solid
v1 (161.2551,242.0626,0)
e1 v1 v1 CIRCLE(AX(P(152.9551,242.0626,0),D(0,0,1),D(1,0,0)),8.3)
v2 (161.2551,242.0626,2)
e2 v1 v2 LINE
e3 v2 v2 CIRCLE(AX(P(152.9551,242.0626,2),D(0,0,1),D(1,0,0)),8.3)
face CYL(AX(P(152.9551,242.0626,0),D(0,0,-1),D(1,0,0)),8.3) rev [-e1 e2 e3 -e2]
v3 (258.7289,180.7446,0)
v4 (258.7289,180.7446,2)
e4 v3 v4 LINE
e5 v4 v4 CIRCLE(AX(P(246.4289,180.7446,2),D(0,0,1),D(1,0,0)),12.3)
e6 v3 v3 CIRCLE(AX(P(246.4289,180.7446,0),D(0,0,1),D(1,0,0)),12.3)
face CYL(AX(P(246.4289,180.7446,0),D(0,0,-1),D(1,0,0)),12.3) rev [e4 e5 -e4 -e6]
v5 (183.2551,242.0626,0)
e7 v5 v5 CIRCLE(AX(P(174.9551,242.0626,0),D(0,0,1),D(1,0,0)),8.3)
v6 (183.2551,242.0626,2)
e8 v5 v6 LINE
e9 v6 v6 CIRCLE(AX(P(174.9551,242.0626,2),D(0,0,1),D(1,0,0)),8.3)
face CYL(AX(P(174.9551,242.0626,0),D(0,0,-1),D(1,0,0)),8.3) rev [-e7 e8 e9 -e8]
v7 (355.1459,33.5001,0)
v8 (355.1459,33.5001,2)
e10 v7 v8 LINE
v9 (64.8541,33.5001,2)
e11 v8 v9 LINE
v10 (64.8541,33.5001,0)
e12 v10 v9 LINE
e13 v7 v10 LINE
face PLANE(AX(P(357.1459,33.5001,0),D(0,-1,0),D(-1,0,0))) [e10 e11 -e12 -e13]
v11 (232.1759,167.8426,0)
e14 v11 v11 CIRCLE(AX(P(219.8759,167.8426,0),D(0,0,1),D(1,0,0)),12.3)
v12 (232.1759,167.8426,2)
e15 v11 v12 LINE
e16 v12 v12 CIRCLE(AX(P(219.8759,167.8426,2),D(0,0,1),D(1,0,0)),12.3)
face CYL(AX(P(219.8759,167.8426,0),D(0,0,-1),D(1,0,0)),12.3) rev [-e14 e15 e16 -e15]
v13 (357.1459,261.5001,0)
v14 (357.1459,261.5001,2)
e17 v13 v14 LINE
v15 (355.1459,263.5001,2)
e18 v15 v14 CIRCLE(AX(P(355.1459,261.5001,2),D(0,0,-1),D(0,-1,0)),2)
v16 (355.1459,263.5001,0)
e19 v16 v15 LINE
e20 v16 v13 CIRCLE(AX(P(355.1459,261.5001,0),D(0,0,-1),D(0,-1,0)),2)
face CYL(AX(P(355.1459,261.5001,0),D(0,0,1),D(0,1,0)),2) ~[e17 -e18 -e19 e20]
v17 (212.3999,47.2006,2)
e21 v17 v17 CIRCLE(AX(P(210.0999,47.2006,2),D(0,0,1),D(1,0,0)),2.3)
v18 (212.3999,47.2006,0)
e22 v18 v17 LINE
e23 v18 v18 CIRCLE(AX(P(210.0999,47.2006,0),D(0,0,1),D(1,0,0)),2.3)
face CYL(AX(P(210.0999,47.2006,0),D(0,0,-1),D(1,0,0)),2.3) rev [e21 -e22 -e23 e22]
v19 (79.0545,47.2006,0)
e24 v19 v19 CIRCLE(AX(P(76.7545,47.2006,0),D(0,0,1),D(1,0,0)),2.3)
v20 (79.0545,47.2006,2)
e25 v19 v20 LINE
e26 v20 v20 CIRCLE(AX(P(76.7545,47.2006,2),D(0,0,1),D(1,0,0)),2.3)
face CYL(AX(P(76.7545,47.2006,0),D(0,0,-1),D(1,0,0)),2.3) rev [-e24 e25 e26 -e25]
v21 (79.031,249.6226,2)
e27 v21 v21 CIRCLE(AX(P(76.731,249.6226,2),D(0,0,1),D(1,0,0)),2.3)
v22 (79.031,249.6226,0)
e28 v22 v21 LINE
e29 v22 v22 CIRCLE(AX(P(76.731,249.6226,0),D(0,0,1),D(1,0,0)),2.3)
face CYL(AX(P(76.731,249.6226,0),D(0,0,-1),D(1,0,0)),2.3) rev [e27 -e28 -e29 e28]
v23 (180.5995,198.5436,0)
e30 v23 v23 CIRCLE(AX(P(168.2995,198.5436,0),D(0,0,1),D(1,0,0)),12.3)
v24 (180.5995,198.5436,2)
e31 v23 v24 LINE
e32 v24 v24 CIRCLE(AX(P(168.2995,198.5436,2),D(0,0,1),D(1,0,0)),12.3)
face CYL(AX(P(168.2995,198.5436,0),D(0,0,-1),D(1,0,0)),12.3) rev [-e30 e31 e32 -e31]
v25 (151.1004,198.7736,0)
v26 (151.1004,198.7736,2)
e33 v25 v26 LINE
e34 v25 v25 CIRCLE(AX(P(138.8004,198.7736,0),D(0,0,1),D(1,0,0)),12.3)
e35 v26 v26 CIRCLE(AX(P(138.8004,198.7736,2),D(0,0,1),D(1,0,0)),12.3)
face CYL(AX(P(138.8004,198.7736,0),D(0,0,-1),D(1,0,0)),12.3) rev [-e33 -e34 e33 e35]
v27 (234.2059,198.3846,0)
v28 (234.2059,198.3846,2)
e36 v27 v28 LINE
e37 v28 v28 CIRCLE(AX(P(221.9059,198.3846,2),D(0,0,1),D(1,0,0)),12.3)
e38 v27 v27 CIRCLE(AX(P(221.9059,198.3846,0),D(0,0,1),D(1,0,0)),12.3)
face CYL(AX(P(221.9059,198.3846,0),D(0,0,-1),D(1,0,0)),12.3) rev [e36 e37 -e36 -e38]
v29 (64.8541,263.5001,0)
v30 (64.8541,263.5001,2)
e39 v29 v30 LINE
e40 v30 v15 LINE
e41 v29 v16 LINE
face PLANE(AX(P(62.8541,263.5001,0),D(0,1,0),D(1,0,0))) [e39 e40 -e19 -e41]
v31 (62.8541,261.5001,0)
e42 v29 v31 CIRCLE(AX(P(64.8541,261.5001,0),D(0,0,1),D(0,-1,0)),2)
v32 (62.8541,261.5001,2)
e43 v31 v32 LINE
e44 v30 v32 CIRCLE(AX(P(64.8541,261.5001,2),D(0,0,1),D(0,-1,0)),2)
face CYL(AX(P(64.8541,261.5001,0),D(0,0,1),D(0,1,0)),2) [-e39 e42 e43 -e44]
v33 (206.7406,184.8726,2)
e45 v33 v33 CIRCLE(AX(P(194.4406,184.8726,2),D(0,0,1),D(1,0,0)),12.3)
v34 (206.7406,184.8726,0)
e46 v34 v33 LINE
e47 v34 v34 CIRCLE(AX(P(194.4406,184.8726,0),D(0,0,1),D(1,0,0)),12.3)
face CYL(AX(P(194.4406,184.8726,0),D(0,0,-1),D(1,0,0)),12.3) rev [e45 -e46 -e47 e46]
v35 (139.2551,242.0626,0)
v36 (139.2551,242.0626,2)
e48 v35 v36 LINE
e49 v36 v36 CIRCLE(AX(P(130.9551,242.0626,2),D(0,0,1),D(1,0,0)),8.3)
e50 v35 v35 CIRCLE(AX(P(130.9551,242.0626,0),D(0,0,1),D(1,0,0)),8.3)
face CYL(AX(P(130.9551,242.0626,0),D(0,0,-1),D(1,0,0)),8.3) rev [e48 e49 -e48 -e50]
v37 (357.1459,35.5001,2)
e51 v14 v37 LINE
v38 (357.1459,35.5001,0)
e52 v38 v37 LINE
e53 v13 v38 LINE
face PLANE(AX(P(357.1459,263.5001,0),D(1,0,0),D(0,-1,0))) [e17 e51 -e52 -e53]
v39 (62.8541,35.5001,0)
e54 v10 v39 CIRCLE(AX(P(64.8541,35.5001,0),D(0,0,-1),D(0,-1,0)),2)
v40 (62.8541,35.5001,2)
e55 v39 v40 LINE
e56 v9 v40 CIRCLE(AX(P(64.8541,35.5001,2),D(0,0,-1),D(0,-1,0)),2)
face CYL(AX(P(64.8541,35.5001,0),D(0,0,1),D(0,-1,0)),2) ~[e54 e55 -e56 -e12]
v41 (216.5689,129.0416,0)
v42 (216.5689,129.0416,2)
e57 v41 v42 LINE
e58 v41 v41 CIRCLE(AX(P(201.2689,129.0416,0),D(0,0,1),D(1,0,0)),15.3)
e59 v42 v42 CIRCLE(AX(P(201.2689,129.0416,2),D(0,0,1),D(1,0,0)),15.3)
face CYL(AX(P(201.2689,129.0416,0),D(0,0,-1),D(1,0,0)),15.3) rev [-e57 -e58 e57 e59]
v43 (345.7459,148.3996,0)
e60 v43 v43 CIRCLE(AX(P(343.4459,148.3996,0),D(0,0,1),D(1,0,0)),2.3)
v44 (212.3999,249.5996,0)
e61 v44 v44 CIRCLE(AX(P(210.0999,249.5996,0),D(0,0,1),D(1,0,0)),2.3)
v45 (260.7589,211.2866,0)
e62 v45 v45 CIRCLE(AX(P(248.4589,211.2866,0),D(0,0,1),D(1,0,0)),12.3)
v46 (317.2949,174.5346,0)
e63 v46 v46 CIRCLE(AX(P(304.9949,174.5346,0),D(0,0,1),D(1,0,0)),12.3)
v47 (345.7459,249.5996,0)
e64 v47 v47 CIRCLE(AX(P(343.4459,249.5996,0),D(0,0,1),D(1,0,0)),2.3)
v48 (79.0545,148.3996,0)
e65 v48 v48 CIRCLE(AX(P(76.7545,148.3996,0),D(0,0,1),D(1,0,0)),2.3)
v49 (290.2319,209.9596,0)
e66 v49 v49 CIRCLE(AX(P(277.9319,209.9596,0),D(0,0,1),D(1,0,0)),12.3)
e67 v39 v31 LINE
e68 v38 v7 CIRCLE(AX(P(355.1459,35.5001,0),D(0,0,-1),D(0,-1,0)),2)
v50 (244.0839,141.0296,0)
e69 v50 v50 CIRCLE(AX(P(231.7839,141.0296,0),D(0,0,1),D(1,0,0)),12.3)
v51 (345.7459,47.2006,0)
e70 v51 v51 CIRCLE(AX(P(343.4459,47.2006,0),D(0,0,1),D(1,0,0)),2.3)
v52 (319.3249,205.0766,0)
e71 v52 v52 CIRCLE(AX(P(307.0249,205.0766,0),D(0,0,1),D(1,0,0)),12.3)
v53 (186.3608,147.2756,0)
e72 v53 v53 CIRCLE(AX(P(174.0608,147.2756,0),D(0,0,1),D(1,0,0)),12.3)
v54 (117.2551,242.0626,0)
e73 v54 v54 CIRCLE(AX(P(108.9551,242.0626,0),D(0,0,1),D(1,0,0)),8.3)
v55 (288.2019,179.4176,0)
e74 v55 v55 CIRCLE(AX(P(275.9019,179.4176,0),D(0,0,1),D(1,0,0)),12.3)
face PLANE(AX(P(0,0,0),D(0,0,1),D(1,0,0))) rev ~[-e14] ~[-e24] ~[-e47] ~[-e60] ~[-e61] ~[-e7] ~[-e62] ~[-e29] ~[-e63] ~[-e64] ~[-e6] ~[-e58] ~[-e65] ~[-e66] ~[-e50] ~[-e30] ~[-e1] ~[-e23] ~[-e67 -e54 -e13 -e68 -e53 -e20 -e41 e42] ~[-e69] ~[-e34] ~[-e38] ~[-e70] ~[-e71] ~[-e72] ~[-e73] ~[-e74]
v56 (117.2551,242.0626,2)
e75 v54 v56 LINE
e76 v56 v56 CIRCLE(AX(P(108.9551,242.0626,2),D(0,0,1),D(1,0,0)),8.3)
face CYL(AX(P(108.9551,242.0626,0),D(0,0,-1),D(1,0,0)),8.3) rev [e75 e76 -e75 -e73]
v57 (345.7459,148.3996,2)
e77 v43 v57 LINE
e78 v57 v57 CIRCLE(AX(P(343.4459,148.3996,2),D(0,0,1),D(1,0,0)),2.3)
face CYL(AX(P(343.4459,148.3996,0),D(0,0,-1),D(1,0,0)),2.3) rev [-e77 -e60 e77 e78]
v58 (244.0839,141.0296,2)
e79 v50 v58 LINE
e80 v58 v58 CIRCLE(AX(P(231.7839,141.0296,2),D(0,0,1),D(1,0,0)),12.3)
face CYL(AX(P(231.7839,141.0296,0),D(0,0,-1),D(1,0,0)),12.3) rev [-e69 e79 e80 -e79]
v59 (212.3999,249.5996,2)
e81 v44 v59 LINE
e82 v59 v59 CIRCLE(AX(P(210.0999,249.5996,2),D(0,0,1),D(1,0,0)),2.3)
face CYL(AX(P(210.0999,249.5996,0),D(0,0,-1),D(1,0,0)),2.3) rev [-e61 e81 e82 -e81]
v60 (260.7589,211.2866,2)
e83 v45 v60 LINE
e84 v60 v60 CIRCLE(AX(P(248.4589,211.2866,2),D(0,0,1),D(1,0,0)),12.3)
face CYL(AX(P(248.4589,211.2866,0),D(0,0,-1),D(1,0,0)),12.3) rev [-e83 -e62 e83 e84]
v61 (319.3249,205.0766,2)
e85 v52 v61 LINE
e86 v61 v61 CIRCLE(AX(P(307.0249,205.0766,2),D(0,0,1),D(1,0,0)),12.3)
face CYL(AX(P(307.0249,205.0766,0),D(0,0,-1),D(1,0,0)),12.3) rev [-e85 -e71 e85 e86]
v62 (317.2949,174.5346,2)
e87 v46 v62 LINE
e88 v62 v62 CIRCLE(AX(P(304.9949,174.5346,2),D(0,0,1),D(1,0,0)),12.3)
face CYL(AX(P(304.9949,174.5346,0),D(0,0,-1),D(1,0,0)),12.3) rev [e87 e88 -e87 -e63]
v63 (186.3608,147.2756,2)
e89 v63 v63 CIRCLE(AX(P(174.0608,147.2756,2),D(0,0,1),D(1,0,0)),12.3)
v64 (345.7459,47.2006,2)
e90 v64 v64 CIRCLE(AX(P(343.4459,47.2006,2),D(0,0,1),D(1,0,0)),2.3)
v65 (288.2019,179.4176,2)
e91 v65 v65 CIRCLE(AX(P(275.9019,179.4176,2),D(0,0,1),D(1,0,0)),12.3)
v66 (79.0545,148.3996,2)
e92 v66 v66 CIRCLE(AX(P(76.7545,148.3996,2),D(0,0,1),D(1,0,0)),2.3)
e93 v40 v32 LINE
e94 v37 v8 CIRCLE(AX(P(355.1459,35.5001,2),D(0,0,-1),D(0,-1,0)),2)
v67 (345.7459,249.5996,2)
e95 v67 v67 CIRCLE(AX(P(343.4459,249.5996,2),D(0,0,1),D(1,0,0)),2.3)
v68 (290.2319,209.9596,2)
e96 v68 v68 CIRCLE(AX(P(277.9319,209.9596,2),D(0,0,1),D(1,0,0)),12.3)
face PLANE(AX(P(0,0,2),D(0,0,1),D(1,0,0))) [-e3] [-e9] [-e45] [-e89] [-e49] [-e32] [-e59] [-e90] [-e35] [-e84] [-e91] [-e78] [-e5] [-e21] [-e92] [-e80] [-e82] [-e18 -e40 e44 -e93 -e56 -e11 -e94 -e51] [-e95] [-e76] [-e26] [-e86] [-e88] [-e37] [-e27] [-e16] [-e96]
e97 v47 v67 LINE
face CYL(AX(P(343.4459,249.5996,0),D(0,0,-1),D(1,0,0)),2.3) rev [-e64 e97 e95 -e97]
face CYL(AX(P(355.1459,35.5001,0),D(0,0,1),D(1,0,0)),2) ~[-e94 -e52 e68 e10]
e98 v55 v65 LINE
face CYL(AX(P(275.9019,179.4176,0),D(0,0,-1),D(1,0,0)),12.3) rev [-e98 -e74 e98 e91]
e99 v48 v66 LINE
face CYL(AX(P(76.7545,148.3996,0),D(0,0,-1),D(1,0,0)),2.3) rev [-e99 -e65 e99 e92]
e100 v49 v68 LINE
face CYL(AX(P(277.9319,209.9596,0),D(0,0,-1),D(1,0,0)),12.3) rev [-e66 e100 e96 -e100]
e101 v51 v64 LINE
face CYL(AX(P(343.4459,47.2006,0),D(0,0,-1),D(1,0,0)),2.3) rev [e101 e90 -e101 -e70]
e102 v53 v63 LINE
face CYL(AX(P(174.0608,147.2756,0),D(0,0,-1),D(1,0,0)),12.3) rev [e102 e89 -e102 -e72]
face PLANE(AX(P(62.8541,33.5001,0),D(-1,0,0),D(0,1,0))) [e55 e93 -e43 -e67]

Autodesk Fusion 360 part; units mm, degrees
sketch "panel" plane through (0, 0, 0) normal (0, 0, 1) x (1, 0, 0)
  line L0 (62.8541, 263.5001) -> (357.1459, 263.5001)
  line L1 (357.1459, 263.5001) -> (357.1459, 33.5001)
  line L2 (357.1459, 33.5001) -> (62.8541, 33.5001)
  line L3 (62.8541, 33.5001) -> (62.8541, 263.5001)
  line L4 (137.8887, 199.6854) -> (139.7122, 197.8619)
  line L5 (139.7122, 199.6854) -> (137.8887, 197.8619)
  line L6 (167.3878, 199.4554) -> (169.2113, 197.6319)
  line L7 (169.2113, 199.4554) -> (167.3878, 197.6319)
  line L8 (193.5289, 185.7844) -> (195.3524, 183.9609)
  line L9 (195.3524, 185.7844) -> (193.5289, 183.9609)
  line L10 (220.9942, 199.2964) -> (222.8177, 197.4729)
  line L11 (222.8177, 199.2964) -> (220.9942, 197.4729)
  line L12 (247.5472, 212.1984) -> (249.3707, 210.3749)
  line L13 (249.3707, 212.1984) -> (247.5472, 210.3749)
  line L14 (277.0202, 210.8714) -> (278.8437, 209.0479)
  line L15 (278.8437, 210.8714) -> (277.0202, 209.0479)
  line L16 (306.1132, 205.9884) -> (307.9366, 204.1649)
  line L17 (307.9366, 205.9884) -> (306.1132, 204.1649)
  line L18 (304.0832, 175.4464) -> (305.9067, 173.6229)
  line L19 (305.9067, 175.4464) -> (304.0832, 173.6229)
  line L20 (274.9902, 180.3294) -> (276.8136, 178.5059)
  line L21 (276.8136, 180.3294) -> (274.9902, 178.5059)
  line L22 (245.5172, 181.6564) -> (247.3407, 179.8329)
  line L23 (247.3407, 181.6564) -> (245.5172, 179.8329)
  line L24 (218.9642, 168.7544) -> (220.7877, 166.9309)
  line L25 (220.7877, 168.7544) -> (218.9642, 166.9309)
  line L26 (230.8722, 141.9414) -> (232.6957, 140.1179)
  line L27 (232.6957, 141.9414) -> (230.8722, 140.1179)
  line L28 (173.1491, 148.1874) -> (174.9726, 146.3639)
  line L29 (174.9726, 148.1874) -> (173.1491, 146.3639)
  line L30 (200.3572, 129.9534) -> (202.1807, 128.1299)
  line L31 (202.1807, 129.9534) -> (200.3572, 128.1299)
  line L32 (108.0433, 242.9744) -> (109.8668, 241.1509)
  line L33 (109.8668, 242.9744) -> (108.0433, 241.1509)
  line L34 (130.0434, 242.9744) -> (131.8669, 241.1509)
  line L35 (131.8668, 242.9744) -> (130.0434, 241.1509)
  line L36 (152.0434, 242.9744) -> (153.8668, 241.1509)
  line L37 (153.8668, 242.9744) -> (152.0434, 241.1509)
  line L38 (174.0434, 242.9744) -> (175.8668, 241.1509)
  line L39 (175.8668, 242.9744) -> (174.0434, 241.1509)
  line L40 (75.8193, 250.5344) -> (77.6428, 248.7109)
  line L41 (77.6428, 250.5344) -> (75.8193, 248.7109)
  line L42 (75.8428, 149.3114) -> (77.6663, 147.4879)
  line L43 (77.6663, 149.3114) -> (75.8428, 147.4879)
  line L44 (75.8428, 48.1124) -> (77.6663, 46.2889)
  line L45 (77.6663, 48.1124) -> (75.8428, 46.2889)
  line L46 (209.1882, 250.5114) -> (211.0117, 248.6879)
  line L47 (211.0117, 250.5114) -> (209.1882, 248.6879)
  line L48 (342.5342, 149.3114) -> (344.3576, 147.4879)
  line L49 (344.3576, 149.3114) -> (342.5342, 147.4879)
  line L50 (342.5342, 250.5114) -> (344.3576, 248.6879)
  line L51 (344.3576, 250.5114) -> (342.5342, 248.6879)
  line L52 (342.5342, 48.1124) -> (344.3576, 46.2889)
  line L53 (344.3576, 48.1124) -> (342.5342, 46.2889)
  line L54 (209.1882, 48.1124) -> (211.0117, 46.2889)
  line L55 (211.0117, 48.1124) -> (209.1882, 46.2889)
  circle A0 centre (76.731, 249.6226) radius 2.3
  circle A1 centre (76.7545, 148.3996) radius 2.3
  circle A2 centre (76.7545, 47.2006) radius 2.3
  circle A3 centre (210.0999, 249.5996) radius 2.3
  circle A4 centre (343.4459, 249.5996) radius 2.3
  circle A5 centre (343.4459, 148.3996) radius 2.3
  circle A6 centre (343.4459, 47.2006) radius 2.3
  circle A7 centre (210.0999, 47.2006) radius 2.3
  circle A8 centre (138.8004, 198.7736) radius 12.3
  circle A9 centre (168.2995, 198.5436) radius 12.3
  circle A10 centre (194.4406, 184.8726) radius 12.3
  circle A11 centre (219.8759, 167.8426) radius 12.3
  circle A12 centre (221.9059, 198.3846) radius 12.3
  circle A13 centre (248.4589, 211.2866) radius 12.3
  circle A14 centre (246.4289, 180.7446) radius 12.3
  circle A15 centre (275.9019, 179.4176) radius 12.3
  circle A16 centre (277.9319, 209.9596) radius 12.3
  circle A17 centre (307.0249, 205.0766) radius 12.3
  circle A18 centre (304.9949, 174.5346) radius 12.3
  circle A19 centre (174.0608, 147.2756) radius 12.3
  circle A20 centre (231.7839, 141.0296) radius 12.3
  circle A21 centre (201.2689, 129.0416) radius 15.3
  circle A22 centre (108.9551, 242.0626) radius 8.3
  circle A23 centre (130.9551, 242.0626) radius 8.3
  circle A24 centre (152.9551, 242.0626) radius 8.3
  circle A25 centre (174.9551, 242.0626) radius 8.3
  dimension "d1" = 4.6
  dimension "d2" = 4.6
  dimension "d3" = 4.6
  dimension "d4" = 4.6
  dimension "d5" = 4.6
  dimension "d6" = 4.6
  dimension "d7" = 4.6
  dimension "d8" = 4.6
  dimension "d9" = 24.6
  dimension "d10" = 24.6
  dimension "d11" = 24.6
  dimension "d12" = 24.6
  dimension "d13" = 24.6
  dimension "d14" = 24.6
  dimension "d15" = 24.6
  dimension "d16" = 24.6
  dimension "d17" = 24.6
  dimension "d18" = 24.6
  dimension "d19" = 24.6
  dimension "d20" = 24.6
  dimension "d21" = 24.6
  dimension "d22" = 30.6
  dimension "d23" = 16.6
  dimension "d24" = 16.6
  dimension "d25" = 16.6
  dimension "d26" = 16.6
extrude "Extrude1" add sketch "panel" along normal blind 2
fillet "Fillet1" radius 2 4 edges at (62.8541, 33.5001, 1) (62.8541, 263.5001, 1) (357.1459, 33.5001, 1) (357.1459, 263.5001, 1)
